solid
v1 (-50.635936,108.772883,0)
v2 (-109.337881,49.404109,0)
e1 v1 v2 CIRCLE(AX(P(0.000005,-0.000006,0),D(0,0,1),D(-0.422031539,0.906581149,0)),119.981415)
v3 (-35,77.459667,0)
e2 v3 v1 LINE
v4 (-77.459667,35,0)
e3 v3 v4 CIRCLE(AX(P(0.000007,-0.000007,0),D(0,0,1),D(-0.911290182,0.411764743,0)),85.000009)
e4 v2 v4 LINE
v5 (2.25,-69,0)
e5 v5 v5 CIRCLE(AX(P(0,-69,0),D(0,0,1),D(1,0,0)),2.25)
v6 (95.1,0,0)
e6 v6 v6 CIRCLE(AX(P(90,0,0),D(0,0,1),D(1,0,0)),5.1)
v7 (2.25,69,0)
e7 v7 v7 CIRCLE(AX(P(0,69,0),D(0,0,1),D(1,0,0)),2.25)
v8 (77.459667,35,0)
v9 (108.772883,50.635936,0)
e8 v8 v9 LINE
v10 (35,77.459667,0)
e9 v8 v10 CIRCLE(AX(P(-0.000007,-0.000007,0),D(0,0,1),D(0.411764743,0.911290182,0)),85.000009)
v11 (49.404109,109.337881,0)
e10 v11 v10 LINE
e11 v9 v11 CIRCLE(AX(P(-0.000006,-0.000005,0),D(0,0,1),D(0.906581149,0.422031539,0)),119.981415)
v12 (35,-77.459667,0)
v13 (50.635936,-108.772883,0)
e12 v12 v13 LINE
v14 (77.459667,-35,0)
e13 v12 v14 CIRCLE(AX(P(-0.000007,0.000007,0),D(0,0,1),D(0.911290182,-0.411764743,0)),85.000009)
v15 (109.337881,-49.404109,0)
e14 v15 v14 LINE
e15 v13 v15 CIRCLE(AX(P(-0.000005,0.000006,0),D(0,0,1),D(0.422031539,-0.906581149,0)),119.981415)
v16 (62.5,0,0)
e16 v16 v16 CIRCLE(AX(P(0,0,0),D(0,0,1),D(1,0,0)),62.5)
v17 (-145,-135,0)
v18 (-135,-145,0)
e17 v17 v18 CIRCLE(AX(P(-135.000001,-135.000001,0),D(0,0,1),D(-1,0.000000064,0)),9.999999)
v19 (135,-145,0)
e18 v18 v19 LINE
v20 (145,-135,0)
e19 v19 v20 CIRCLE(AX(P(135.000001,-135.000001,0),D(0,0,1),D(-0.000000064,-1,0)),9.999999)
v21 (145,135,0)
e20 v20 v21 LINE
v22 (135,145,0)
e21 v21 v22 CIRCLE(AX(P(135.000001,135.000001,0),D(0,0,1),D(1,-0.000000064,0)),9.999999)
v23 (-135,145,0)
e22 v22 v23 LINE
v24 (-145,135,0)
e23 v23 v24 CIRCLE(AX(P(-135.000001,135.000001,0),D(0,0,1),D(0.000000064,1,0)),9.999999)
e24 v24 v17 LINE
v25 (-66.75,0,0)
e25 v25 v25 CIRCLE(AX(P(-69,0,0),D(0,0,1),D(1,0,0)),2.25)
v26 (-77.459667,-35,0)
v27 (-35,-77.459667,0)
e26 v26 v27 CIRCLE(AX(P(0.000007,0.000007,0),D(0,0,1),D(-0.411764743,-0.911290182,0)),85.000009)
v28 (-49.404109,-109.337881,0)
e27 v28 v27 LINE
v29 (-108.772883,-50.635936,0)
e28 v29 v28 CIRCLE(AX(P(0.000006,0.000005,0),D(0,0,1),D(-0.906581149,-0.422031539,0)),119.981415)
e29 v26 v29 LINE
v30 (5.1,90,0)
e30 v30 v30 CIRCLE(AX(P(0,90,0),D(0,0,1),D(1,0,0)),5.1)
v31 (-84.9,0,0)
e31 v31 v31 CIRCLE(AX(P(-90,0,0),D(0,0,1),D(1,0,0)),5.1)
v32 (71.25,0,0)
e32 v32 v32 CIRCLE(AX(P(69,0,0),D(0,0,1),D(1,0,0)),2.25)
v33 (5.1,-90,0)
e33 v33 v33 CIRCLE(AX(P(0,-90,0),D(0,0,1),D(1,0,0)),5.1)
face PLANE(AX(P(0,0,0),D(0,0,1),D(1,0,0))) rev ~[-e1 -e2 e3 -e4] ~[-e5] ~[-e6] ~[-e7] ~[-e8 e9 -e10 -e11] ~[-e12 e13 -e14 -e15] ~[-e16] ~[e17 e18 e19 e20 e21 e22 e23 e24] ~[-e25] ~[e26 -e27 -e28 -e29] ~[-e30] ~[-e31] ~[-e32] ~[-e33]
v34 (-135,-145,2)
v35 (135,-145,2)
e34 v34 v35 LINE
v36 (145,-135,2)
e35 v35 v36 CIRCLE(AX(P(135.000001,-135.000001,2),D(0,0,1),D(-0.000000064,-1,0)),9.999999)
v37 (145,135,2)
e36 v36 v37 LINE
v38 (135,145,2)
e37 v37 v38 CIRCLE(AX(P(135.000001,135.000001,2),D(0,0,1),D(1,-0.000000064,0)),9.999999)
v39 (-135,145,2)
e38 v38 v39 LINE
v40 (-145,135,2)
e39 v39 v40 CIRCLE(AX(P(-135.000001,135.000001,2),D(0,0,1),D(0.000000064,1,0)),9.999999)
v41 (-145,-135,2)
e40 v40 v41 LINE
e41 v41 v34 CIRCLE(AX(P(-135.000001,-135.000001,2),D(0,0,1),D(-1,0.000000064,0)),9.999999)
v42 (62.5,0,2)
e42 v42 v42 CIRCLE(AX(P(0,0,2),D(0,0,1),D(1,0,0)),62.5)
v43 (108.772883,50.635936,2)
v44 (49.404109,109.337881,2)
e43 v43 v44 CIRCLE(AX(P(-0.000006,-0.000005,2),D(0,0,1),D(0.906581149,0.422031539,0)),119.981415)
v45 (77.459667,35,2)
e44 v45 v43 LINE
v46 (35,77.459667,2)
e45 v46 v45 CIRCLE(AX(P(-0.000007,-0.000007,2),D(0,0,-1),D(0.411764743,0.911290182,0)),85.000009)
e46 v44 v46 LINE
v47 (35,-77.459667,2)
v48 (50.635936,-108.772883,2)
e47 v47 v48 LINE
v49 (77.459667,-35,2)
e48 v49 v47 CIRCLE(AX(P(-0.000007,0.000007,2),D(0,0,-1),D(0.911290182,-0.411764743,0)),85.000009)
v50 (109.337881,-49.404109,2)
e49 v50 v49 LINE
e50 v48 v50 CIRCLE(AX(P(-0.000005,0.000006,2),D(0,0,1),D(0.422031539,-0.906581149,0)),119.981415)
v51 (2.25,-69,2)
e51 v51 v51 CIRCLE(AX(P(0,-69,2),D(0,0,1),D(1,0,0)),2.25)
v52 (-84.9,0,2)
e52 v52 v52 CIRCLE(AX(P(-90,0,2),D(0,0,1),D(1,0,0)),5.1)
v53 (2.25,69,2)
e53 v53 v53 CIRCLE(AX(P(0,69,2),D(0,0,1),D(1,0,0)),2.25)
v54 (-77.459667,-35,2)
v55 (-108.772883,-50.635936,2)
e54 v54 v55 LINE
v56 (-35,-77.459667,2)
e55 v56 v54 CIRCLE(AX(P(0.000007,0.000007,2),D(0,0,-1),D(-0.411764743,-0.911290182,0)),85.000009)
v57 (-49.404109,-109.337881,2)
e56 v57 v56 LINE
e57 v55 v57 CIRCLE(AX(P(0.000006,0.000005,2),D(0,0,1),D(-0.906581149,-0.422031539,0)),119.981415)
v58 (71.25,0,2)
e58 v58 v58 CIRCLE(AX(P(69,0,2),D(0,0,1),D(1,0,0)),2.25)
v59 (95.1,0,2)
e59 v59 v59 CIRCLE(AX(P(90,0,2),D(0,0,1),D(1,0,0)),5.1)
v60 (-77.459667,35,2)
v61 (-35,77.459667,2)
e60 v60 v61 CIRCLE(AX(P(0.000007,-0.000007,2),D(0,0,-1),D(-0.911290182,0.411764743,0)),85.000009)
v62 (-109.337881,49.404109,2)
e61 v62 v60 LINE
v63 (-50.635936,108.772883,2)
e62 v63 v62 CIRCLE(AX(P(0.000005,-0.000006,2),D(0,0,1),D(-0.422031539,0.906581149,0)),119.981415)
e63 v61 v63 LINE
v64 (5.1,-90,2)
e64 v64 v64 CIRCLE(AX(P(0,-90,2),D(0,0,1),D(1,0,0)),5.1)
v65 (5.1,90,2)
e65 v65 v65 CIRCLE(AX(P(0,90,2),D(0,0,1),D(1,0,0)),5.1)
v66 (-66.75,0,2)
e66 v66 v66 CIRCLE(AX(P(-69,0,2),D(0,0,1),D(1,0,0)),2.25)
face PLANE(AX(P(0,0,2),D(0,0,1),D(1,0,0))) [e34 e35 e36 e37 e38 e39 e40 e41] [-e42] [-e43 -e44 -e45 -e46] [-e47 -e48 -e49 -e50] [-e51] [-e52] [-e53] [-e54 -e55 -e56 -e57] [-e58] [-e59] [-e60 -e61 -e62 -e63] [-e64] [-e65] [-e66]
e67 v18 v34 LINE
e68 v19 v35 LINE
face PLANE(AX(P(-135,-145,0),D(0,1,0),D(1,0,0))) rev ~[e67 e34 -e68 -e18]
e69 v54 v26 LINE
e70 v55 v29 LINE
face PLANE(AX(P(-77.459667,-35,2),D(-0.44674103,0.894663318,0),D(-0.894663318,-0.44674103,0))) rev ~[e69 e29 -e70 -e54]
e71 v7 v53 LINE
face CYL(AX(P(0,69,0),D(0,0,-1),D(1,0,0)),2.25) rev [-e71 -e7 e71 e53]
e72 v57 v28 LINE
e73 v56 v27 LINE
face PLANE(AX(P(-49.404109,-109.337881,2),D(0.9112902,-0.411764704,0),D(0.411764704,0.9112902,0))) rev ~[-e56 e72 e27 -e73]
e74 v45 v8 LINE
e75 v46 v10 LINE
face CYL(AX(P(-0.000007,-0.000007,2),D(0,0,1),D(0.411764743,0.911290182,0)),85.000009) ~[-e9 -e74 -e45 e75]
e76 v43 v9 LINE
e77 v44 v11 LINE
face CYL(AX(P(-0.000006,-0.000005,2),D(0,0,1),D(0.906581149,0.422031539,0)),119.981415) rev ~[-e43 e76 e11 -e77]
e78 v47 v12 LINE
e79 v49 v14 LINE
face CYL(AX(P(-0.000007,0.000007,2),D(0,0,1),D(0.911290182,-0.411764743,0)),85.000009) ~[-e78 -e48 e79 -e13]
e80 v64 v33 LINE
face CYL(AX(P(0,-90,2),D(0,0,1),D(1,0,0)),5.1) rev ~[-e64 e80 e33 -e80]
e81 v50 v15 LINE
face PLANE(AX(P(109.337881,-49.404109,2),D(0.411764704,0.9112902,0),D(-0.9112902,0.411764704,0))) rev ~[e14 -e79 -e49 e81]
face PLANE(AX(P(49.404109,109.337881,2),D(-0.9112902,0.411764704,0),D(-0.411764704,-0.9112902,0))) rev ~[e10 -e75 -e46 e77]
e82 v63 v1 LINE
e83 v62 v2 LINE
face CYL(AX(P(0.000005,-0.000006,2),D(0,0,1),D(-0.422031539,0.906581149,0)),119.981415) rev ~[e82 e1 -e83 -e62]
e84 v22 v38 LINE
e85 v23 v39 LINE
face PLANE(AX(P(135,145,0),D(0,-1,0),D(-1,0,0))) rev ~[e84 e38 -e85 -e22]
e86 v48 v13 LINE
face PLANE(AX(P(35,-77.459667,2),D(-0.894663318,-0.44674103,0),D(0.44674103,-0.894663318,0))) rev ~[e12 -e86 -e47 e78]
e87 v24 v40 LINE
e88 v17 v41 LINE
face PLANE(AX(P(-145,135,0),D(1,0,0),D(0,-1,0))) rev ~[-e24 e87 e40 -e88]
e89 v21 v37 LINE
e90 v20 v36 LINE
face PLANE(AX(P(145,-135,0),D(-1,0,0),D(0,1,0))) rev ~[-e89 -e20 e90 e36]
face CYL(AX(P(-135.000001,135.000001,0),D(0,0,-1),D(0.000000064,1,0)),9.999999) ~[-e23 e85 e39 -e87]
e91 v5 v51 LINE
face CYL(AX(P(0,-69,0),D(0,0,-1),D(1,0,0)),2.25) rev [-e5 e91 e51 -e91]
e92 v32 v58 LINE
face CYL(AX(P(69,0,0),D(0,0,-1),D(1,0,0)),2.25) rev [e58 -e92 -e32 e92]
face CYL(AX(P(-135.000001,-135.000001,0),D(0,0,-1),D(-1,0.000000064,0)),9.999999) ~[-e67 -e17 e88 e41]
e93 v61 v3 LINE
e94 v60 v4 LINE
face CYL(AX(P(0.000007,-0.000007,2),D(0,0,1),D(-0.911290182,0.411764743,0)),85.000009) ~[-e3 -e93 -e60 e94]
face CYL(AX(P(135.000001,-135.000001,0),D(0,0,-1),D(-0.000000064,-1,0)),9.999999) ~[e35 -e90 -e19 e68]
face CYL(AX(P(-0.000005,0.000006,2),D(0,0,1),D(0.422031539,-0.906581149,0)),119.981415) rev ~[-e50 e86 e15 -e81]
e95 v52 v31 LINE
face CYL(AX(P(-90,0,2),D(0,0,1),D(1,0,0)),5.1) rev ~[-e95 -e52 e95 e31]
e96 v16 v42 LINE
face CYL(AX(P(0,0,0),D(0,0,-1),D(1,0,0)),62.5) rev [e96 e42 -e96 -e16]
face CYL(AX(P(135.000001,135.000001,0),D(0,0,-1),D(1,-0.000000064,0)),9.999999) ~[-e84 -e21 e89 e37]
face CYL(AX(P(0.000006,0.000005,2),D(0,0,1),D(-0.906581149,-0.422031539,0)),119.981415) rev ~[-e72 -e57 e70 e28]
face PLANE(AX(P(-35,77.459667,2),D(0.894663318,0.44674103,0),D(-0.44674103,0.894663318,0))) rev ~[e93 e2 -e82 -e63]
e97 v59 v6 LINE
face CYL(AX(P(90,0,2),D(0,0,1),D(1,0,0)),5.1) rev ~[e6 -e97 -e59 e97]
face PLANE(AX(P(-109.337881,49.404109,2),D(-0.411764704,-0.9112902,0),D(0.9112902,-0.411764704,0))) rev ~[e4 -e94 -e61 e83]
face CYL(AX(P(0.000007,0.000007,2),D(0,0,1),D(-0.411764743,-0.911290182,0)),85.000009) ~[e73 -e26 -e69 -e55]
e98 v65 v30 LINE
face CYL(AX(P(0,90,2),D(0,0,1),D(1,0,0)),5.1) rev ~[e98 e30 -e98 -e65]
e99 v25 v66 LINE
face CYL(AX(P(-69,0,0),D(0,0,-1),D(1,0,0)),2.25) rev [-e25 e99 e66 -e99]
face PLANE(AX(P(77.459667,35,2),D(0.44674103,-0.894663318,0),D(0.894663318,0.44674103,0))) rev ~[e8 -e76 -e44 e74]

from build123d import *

# Parameters (mm, degrees)
F0_R     = 2.25
F0_R_2   = 62.5
F1_DEPTH = 2
F2_R     = 5.1
F3_DEPTH = 25
F5_DEPTH = 25


with BuildPart() as f1:
    # F0 (on Top) → F1 (new body)
    with BuildSketch(Plane.XY):
        with BuildLine():
            Line((135, 145), (-135, 145))
            ThreePointArc((-135, 145), (-142.071068, 142.071068), (-145, 135))
            Line((-145, 135), (-145, -135))
            ThreePointArc((-145, -135), (-142.071068, -142.071068), (-135, -145))
            Line((-135, -145), (135, -145))
            ThreePointArc((135, -145), (142.071068, -142.071068), (145, -135))
            Line((145, -135), (145, 135))
            ThreePointArc((145, 135), (142.071068, 142.071068), (135, 145))
        make_face()
        with Locations((0, -69)):
            Circle(F0_R, mode=Mode.SUBTRACT)
        with Locations((-69, 0)):
            Circle(F0_R, mode=Mode.SUBTRACT)
        Circle(F0_R_2, mode=Mode.SUBTRACT)
        with Locations((69, 0)):
            Circle(F0_R, mode=Mode.SUBTRACT)
        with Locations((0, 69)):
            Circle(F0_R, mode=Mode.SUBTRACT)
    extrude(amount=F1_DEPTH)

    # F2 (on face) → F3 (cut)
    with BuildSketch(Plane.XY.offset(2)):
        with Locations((0, 90)):
            Circle(F2_R)
        with Locations((-90, 0)):
            Circle(F2_R)
        with Locations((0, -90)):
            Circle(F2_R)
        with Locations((90, 0)):
            Circle(F2_R)
    extrude(amount=-F3_DEPTH, mode=Mode.SUBTRACT)

    # F4 (on face) → F5 (cut)
    with BuildSketch(Plane.XY.offset(2)):
        with BuildLine():
            Line((-35, 77.459667), (-50.635936, 108.772883))
            ThreePointArc((-50.635936, 108.772883), (-85.317456, 84.359171), (-109.337881, 49.404109))
            Line((-109.337881, 49.404109), (-77.459667, 35))
            ThreePointArc((-77.459667, 35), (-60.104076, 60.104076), (-35, 77.459667))
        make_face()
        with BuildLine():
            Line((77.459667, 35), (108.772883, 50.635936))
            ThreePointArc((108.772883, 50.635936), (84.359171, 85.317456), (49.404109, 109.337881))
            Line((49.404109, 109.337881), (35, 77.459667))
            ThreePointArc((35, 77.459667), (60.104076, 60.104076), (77.459667, 35))
        make_face()
        with BuildLine():
            ThreePointArc((50.635936, -108.772883), (85.317456, -84.359171), (109.337881, -49.404109))
            Line((109.337881, -49.404109), (77.459667, -35))
            ThreePointArc((77.459667, -35), (60.104076, -60.104076), (35, -77.459667))
            Line((35, -77.459667), (50.635936, -108.772883))
        make_face()
        with BuildLine():
            ThreePointArc((-108.772883, -50.635936), (-84.359171, -85.317456), (-49.404109, -109.337881))
            Line((-49.404109, -109.337881), (-35, -77.459667))
            ThreePointArc((-35, -77.459667), (-60.104076, -60.104076), (-77.459667, -35))
            Line((-77.459667, -35), (-108.772883, -50.635936))
        make_face()
    extrude(amount=-F5_DEPTH, mode=Mode.SUBTRACT)


solid = f1.part
